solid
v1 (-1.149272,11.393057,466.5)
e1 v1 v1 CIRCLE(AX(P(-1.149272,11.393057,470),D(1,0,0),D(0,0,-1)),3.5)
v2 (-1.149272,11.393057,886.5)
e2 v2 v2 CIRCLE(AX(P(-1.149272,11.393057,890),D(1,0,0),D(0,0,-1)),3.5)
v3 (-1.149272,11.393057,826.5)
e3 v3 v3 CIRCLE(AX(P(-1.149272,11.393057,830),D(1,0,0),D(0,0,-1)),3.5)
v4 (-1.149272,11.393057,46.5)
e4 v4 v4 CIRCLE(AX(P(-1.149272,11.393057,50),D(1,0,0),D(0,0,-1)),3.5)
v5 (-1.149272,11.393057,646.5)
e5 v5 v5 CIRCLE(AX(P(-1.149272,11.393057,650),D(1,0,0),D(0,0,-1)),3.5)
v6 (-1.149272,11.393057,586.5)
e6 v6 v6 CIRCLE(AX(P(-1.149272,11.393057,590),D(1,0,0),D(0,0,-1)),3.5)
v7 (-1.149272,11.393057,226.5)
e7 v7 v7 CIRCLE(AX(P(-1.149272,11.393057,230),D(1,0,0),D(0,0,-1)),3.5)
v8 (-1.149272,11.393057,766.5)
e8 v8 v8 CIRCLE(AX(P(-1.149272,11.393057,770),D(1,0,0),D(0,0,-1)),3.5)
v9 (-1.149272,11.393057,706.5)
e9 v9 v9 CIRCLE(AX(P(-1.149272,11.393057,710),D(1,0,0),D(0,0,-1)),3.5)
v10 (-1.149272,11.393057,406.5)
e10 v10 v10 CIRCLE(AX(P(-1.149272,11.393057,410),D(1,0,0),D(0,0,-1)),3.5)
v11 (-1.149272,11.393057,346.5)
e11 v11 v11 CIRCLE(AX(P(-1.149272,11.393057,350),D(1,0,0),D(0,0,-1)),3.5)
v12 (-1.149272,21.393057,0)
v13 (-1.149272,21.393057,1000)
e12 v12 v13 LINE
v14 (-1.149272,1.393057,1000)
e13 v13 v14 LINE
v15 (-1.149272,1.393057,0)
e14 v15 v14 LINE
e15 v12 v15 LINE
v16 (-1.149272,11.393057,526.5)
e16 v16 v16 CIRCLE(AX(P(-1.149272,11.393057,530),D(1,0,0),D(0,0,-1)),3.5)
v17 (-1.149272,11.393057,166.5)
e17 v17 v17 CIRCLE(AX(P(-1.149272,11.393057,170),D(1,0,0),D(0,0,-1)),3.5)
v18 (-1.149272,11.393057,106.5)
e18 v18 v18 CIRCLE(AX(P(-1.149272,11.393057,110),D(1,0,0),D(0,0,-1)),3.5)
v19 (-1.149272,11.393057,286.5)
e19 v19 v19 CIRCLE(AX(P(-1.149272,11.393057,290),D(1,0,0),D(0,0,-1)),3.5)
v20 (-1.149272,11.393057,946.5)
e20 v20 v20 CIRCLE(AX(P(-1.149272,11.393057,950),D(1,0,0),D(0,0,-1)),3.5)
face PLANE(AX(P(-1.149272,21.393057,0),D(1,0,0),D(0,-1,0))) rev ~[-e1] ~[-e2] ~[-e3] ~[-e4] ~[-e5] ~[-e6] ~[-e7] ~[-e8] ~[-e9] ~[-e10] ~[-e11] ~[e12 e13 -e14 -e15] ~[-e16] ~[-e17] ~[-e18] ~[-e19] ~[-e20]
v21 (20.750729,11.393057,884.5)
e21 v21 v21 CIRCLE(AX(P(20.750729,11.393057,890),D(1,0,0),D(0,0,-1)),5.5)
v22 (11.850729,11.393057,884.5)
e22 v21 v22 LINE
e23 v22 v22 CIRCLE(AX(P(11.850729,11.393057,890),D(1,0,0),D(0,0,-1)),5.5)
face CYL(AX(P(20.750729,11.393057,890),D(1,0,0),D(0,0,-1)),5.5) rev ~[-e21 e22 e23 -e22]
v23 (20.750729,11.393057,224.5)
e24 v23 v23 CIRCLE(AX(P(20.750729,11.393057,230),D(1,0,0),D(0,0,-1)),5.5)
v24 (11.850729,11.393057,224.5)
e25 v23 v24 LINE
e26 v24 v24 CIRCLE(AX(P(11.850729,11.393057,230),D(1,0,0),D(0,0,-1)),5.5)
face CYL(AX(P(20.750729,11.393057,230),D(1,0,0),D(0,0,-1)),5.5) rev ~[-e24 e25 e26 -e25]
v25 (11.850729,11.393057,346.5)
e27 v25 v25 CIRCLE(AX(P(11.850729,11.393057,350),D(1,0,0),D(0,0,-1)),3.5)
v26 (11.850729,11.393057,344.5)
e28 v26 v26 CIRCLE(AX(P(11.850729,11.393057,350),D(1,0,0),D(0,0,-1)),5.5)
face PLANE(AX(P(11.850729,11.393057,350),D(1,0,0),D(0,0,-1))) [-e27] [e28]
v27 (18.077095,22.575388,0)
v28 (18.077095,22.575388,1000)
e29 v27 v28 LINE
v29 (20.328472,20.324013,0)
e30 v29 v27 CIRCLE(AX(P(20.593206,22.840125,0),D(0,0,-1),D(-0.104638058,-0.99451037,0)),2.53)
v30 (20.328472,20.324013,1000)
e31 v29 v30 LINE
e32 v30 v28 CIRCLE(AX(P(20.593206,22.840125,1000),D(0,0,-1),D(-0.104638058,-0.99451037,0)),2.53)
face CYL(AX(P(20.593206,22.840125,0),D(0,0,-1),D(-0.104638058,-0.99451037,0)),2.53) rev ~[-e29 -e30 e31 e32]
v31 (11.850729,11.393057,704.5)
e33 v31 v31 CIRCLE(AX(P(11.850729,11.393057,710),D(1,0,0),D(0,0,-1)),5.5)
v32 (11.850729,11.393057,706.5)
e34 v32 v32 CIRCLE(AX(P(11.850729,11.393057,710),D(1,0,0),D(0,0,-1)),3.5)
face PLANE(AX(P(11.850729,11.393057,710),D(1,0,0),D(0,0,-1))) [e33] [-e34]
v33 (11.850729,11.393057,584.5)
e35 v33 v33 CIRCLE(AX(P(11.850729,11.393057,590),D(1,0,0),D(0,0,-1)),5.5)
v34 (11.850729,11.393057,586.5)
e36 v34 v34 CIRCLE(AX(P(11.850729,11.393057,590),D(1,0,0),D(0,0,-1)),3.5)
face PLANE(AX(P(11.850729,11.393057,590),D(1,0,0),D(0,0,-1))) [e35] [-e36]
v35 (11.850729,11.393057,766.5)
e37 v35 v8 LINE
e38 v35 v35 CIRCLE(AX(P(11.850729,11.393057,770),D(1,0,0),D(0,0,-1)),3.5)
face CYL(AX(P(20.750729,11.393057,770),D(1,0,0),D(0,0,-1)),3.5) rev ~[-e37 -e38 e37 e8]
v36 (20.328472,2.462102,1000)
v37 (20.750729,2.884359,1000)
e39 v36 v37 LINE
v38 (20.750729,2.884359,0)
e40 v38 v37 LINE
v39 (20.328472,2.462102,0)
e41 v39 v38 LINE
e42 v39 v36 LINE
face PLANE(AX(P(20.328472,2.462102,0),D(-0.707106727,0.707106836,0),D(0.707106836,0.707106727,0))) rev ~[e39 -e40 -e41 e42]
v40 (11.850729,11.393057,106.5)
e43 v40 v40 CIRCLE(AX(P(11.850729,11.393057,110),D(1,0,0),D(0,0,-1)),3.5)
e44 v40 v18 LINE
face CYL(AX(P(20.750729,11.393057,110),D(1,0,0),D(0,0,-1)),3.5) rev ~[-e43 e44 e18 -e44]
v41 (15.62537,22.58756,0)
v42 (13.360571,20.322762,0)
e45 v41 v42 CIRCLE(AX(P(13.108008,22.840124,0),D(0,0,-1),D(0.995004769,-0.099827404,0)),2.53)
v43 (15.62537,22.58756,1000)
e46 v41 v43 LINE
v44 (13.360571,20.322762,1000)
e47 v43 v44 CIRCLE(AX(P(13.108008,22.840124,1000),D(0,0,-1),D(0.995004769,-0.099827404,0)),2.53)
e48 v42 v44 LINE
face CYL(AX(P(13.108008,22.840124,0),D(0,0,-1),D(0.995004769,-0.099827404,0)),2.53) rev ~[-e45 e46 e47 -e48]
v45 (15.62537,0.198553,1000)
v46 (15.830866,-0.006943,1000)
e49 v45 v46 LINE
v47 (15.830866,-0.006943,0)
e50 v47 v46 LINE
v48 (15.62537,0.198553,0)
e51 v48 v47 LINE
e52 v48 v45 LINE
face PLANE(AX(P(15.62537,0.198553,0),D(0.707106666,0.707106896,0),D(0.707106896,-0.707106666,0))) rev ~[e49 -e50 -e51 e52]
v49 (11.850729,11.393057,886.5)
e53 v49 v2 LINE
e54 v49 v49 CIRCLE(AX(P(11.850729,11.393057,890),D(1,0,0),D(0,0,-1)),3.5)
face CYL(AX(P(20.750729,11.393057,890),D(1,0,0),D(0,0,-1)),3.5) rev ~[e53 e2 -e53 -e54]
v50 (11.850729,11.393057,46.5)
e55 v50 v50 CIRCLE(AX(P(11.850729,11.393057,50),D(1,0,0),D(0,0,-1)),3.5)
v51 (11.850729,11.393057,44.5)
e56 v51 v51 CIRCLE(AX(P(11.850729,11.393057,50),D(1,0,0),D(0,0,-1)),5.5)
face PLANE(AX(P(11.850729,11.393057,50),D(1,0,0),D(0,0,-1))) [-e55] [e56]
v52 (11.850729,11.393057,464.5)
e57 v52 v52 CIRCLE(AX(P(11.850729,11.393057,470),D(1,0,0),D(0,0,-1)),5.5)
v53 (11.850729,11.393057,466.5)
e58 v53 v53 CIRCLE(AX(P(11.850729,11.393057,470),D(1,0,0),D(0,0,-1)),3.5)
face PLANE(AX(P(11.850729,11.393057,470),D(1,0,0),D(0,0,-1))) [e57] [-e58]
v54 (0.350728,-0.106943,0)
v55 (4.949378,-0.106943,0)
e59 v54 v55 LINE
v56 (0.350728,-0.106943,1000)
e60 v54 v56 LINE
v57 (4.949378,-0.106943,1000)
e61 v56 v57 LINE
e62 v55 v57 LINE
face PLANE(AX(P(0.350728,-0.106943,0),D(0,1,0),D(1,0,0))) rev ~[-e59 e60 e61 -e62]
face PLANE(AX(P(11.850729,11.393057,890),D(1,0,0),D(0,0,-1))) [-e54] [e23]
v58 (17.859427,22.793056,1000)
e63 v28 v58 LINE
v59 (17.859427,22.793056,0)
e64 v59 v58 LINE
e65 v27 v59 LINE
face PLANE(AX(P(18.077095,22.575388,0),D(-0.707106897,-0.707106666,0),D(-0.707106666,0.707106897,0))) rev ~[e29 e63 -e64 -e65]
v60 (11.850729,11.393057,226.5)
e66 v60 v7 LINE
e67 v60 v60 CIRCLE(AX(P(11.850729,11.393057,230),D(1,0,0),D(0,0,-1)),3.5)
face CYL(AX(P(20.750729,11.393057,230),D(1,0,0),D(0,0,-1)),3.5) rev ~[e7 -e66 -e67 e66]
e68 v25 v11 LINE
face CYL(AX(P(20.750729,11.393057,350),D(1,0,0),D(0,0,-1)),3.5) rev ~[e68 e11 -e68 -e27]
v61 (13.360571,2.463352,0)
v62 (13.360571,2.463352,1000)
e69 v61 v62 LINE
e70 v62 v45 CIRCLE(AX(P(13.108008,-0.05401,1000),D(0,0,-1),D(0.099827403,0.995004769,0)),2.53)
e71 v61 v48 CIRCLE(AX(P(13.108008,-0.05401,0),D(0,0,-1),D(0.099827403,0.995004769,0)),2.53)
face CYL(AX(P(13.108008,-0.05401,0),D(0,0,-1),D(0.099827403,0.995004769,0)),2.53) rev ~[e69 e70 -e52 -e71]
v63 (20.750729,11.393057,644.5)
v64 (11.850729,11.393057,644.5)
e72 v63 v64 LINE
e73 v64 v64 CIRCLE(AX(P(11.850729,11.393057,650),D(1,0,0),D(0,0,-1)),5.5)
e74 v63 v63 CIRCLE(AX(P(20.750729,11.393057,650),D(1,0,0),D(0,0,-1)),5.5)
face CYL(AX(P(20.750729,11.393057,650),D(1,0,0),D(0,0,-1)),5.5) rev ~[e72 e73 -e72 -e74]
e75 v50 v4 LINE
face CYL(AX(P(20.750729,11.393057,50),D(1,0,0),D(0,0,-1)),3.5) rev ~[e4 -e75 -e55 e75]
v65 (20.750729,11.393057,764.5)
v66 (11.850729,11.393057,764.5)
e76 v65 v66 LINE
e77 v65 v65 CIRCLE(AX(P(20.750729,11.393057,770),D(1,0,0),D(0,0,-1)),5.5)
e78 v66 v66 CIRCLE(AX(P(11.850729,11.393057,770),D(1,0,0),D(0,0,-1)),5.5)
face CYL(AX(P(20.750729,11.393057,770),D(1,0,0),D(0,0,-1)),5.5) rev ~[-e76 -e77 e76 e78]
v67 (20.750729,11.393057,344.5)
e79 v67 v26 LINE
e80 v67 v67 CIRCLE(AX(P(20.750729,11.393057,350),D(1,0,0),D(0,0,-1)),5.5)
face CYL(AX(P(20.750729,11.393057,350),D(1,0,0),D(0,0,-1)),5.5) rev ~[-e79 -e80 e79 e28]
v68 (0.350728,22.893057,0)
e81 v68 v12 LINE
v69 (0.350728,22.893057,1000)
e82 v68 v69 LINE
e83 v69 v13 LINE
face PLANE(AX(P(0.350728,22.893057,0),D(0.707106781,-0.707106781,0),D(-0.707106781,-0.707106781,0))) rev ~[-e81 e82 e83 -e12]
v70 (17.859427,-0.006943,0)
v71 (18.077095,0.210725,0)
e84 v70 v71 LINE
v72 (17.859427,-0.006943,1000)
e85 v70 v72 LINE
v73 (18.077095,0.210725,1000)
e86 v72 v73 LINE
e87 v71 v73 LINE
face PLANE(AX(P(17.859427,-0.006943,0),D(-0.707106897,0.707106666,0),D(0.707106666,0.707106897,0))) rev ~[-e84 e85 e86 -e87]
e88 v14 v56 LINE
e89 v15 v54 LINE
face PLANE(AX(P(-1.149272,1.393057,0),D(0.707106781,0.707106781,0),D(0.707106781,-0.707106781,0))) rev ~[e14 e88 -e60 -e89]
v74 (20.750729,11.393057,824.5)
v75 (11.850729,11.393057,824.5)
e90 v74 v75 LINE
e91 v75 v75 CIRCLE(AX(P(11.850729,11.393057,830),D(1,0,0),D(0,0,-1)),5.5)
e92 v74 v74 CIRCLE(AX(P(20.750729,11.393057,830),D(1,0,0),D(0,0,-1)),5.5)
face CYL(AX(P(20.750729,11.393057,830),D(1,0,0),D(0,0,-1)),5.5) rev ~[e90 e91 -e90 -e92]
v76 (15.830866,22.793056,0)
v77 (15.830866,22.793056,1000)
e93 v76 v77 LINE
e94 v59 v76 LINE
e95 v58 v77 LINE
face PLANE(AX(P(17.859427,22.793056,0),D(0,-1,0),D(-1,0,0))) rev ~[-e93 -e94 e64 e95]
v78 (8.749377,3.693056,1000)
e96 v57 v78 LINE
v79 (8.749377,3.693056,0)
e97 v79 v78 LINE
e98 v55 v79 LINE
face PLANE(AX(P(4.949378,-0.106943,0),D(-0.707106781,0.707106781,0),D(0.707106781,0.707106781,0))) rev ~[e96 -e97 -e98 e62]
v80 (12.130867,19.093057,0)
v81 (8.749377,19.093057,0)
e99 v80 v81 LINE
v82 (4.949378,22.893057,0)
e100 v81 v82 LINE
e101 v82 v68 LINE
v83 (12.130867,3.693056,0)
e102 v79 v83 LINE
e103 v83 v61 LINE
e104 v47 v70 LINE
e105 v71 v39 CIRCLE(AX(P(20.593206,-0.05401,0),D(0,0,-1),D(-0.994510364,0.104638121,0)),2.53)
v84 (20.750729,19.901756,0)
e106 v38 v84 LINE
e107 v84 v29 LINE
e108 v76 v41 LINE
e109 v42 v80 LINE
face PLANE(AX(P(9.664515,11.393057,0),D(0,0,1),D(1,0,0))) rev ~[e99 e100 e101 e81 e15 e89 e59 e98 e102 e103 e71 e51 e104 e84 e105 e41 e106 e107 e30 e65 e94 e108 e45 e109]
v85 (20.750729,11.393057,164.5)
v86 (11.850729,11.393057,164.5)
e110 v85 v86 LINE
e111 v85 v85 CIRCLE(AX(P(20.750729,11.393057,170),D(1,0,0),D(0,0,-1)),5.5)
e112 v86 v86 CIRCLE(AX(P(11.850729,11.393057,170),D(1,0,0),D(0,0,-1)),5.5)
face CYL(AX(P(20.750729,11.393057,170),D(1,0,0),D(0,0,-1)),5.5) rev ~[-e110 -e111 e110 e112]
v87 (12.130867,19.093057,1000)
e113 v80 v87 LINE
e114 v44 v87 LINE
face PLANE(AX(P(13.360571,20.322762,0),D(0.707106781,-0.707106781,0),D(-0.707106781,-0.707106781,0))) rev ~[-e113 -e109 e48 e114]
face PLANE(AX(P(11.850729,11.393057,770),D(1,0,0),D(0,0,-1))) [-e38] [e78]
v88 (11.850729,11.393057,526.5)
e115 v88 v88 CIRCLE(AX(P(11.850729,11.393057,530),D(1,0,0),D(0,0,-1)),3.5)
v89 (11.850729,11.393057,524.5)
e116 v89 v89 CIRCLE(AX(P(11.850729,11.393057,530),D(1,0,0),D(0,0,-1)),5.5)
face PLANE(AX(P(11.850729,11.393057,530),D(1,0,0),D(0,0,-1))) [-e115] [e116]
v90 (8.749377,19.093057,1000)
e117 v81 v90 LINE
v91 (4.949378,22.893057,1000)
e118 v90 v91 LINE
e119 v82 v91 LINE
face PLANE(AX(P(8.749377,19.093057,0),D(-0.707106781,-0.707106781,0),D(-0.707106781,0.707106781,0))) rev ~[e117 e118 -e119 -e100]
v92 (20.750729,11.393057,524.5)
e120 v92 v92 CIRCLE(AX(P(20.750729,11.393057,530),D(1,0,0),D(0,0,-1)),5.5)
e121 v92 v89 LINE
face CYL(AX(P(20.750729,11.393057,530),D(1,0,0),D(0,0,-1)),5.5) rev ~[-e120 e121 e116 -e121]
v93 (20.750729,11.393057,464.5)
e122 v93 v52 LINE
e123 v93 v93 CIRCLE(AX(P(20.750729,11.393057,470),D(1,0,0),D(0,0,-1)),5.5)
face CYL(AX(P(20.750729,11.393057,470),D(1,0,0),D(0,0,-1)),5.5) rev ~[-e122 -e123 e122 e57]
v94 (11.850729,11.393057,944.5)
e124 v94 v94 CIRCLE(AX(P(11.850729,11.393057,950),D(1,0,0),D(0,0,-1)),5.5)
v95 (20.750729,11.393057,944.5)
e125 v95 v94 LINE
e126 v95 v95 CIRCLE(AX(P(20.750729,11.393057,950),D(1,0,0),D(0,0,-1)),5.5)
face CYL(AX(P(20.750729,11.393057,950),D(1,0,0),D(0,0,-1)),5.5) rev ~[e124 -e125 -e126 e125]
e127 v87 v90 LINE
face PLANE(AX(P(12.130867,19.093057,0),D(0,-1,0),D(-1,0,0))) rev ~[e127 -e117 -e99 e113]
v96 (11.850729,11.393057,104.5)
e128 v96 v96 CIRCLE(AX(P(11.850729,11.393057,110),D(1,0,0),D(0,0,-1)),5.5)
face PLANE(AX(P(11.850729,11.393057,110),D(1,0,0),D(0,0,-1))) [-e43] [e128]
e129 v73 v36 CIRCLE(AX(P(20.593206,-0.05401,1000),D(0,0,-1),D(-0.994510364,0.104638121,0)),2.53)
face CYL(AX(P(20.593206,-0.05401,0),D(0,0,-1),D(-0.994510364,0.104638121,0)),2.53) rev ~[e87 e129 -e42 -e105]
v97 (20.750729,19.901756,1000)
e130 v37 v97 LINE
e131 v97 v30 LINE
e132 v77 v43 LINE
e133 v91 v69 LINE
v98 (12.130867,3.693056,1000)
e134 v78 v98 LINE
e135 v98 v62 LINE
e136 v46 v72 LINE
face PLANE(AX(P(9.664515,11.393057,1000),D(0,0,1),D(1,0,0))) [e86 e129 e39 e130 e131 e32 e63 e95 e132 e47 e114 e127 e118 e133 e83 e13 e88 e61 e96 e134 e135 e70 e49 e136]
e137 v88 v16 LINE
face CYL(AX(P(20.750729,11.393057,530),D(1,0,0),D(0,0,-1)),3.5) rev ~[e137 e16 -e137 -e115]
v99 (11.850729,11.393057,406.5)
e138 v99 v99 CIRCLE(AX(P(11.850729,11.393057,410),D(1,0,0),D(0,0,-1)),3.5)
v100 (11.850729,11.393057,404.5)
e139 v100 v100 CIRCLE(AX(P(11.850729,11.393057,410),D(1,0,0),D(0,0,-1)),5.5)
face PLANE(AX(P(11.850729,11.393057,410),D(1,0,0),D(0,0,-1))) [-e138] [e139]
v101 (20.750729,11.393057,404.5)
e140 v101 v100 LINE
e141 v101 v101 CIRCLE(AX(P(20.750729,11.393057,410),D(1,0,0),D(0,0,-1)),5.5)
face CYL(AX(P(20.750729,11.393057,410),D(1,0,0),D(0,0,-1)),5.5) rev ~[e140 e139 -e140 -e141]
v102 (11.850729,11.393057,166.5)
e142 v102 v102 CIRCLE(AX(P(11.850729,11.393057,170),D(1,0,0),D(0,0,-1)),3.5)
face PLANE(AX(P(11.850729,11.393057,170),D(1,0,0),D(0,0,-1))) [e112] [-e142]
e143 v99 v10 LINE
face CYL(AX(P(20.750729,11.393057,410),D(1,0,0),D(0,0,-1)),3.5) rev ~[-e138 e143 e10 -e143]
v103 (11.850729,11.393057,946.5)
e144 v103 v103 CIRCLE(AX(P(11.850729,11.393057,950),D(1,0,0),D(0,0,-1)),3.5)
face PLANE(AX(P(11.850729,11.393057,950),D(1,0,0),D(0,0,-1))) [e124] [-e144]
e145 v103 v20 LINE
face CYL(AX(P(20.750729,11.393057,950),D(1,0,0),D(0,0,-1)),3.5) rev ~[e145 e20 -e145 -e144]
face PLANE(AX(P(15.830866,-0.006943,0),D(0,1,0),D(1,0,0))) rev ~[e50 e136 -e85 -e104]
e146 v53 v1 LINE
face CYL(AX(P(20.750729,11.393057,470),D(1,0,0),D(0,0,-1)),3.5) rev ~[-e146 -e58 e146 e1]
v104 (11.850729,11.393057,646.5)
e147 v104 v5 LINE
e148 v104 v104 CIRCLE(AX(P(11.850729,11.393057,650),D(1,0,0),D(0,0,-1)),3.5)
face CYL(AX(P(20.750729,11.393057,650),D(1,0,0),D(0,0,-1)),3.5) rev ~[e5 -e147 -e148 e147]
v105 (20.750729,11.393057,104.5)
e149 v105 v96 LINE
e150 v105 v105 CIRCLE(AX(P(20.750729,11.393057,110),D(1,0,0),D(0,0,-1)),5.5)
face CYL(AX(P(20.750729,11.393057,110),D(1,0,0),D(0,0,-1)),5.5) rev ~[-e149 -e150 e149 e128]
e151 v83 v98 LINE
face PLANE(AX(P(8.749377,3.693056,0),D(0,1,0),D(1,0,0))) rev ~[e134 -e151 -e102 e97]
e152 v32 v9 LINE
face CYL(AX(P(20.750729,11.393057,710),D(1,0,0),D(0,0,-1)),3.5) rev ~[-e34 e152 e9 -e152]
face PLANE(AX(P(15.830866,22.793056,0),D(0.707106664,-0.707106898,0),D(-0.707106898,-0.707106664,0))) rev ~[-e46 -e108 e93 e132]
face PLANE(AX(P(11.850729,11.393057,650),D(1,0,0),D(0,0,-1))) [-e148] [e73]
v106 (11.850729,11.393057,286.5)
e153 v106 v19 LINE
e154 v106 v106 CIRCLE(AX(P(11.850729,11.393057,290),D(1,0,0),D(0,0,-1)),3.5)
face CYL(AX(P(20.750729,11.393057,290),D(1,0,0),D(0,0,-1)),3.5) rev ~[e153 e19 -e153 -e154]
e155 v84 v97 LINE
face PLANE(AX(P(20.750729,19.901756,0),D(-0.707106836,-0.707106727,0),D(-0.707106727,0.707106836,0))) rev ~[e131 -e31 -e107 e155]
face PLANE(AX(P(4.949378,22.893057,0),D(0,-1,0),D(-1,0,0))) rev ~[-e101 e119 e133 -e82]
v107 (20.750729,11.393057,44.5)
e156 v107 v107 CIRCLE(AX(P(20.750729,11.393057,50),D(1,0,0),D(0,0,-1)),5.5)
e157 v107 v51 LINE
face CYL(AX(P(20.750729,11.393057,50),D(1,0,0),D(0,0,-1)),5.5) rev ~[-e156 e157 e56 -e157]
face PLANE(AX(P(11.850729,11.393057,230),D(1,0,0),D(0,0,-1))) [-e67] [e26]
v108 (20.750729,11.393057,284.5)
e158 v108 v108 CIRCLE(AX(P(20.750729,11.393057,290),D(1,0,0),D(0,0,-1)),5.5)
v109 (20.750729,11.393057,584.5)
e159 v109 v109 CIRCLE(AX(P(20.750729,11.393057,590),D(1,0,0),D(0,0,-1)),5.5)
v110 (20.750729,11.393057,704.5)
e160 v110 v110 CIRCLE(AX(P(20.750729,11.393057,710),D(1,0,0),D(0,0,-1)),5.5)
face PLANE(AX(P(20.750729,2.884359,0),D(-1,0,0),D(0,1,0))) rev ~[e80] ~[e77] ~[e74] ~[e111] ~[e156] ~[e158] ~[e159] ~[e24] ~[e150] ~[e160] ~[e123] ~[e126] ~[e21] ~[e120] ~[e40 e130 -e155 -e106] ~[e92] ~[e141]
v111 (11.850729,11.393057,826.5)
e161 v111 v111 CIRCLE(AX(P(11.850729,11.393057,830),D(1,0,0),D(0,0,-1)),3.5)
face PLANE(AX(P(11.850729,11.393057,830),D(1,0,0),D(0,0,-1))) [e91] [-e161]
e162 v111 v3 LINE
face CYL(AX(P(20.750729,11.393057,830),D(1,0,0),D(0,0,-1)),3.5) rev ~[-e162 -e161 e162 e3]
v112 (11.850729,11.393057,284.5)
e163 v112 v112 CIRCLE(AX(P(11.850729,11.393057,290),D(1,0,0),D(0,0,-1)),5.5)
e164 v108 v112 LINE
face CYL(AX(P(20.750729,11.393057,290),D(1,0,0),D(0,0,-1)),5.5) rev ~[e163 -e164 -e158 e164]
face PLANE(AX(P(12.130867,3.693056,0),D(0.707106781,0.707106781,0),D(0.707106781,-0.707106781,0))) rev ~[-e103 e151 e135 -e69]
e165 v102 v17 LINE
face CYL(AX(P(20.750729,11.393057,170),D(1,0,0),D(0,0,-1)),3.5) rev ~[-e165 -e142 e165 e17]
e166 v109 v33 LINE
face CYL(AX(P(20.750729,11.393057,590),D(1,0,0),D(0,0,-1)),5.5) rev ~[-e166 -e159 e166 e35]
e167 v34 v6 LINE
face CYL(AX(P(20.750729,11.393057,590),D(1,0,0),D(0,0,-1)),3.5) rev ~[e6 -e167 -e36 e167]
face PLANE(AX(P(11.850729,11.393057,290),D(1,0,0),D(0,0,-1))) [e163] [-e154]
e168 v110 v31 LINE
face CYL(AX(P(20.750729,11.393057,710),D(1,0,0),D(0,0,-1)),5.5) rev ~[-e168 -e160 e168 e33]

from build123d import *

# Parameters (mm, degrees)
RESSALTO_EXTRUS_O1_DEPTH = 1000
ESBO_O4_R                = 3.5
CORTE_EXTRUS_O1_DEPTH    = 22.900000388
ESBO_O5_R                = 5.5
CORTE_EXTRUS_O2_DEPTH    = 8.9


with BuildPart() as part:
    # Esboço2 → Ressalto-extrusão1 (new body)
    with BuildSketch(Plane.XY):
        with BuildLine():
            Line((-1.14927176, 21.393056679), (-1.14927176, 1.393056679))
            Line((-1.14927176, 1.393056679), (0.35072824, -0.106943321))
            Line((0.35072824, -0.106943321), (4.94937774, -0.106943321))
            Line((4.94937774, -0.106943321), (8.749377483, 3.693056422))
            Line((8.749377483, 3.693056422), (12.130866629, 3.693056422))
            Line((12.130866629, 3.693056422), (13.36057142, 2.463351631))
            ThreePointArc((13.36057142, 2.463351631), (14.896988246, 1.734969723), (15.625370154, 0.198552898))
            Line((15.625370154, 0.198552898), (15.830866097, -0.006942978))
            Line((15.830866097, -0.006942978), (17.859427097, -0.006942978))
            Line((17.859427097, -0.006942978), (18.077094898, 0.210724894))
            ThreePointArc((18.077094898, 0.210724894), (18.804225931, 1.734970575), (20.328471586, 2.462101662))
            Line((20.328471586, 2.462101662), (20.750728628, 2.884358639))
            Line((20.750728628, 2.884358639), (20.750728628, 19.901756343))
            Line((20.750728628, 19.901756343), (20.328471651, 20.324013385))
            ThreePointArc((20.328471651, 20.324013385), (18.804226447, 21.0511438), (18.077094898, 22.575388463))
            Line((18.077094898, 22.575388463), (17.859427097, 22.793056335))
            Line((17.859427097, 22.793056335), (15.830866097, 22.793056335))
            Line((15.830866097, 22.793056335), (15.625370154, 22.58756046))
            ThreePointArc((15.625370154, 22.58756046), (14.896988246, 21.051143635), (13.36057142, 20.322761727))
            Line((13.36057142, 20.322761727), (12.130866629, 19.093056935))
            Line((12.130866629, 19.093056935), (8.749377483, 19.093056935))
            Line((8.749377483, 19.093056935), (4.94937774, 22.893056679))
            Line((4.94937774, 22.893056679), (0.35072824, 22.893056679))
            Line((0.35072824, 22.893056679), (-1.14927176, 21.393056679))
        make_face()
    extrude(amount=RESSALTO_EXTRUS_O1_DEPTH)

    # Esboço4 → Corte-extrusão1 (cut, through all)
    with BuildSketch(Plane(origin=(20.750728628, 0, 0), x_dir=(0, 0, -1), z_dir=(1, 0, 0))):
        with Locations((-50, 11.393057491)):
            Circle(ESBO_O4_R)
        with Locations((-110, 11.393057491)):
            Circle(ESBO_O4_R)
        with Locations((-170, 11.393057491)):
            Circle(ESBO_O4_R)
        with Locations((-230, 11.393057491)):
            Circle(ESBO_O4_R)
        with Locations((-290, 11.393057491)):
            Circle(ESBO_O4_R)
        with Locations((-350, 11.393057491)):
            Circle(ESBO_O4_R)
        with Locations((-410, 11.393057491)):
            Circle(ESBO_O4_R)
        with Locations((-470, 11.393057491)):
            Circle(ESBO_O4_R)
        with Locations((-530, 11.393057491)):
            Circle(ESBO_O4_R)
        with Locations((-590, 11.393057491)):
            Circle(ESBO_O4_R)
        with Locations((-650, 11.393057491)):
            Circle(ESBO_O4_R)
        with Locations((-710, 11.393057491)):
            Circle(ESBO_O4_R)
        with Locations((-770, 11.393057491)):
            Circle(ESBO_O4_R)
        with Locations((-830, 11.393057491)):
            Circle(ESBO_O4_R)
        with Locations((-890, 11.393057491)):
            Circle(ESBO_O4_R)
        with Locations((-950, 11.393057491)):
            Circle(ESBO_O4_R)
    extrude(amount=-CORTE_EXTRUS_O1_DEPTH, mode=Mode.SUBTRACT)

    # Esboço5 → Corte-extrusão2 (cut)
    with BuildSketch(Plane(origin=(20.750728628, 0, 0), x_dir=(0, 0, -1), z_dir=(1, 0, 0))):
        with Locations((-50, 11.393057491)):
            Circle(ESBO_O5_R)
        with Locations((-110, 11.393057491)):
            Circle(ESBO_O5_R)
        with Locations((-170, 11.393057491)):
            Circle(ESBO_O5_R)
        with Locations((-230, 11.393057491)):
            Circle(ESBO_O5_R)
        with Locations((-290, 11.393057491)):
            Circle(ESBO_O5_R)
        with Locations((-350, 11.393057491)):
            Circle(ESBO_O5_R)
        with Locations((-410, 11.393057491)):
            Circle(ESBO_O5_R)
        with Locations((-470, 11.393057491)):
            Circle(ESBO_O5_R)
        with Locations((-530, 11.393057491)):
            Circle(ESBO_O5_R)
        with Locations((-590, 11.393057491)):
            Circle(ESBO_O5_R)
        with Locations((-650, 11.393057491)):
            Circle(ESBO_O5_R)
        with Locations((-710, 11.393057491)):
            Circle(ESBO_O5_R)
        with Locations((-770, 11.393057491)):
            Circle(ESBO_O5_R)
        with Locations((-830, 11.393057491)):
            Circle(ESBO_O5_R)
        with Locations((-890, 11.393057491)):
            Circle(ESBO_O5_R)
        with Locations((-950, 11.393057491)):
            Circle(ESBO_O5_R)
    extrude(amount=-CORTE_EXTRUS_O2_DEPTH, mode=Mode.SUBTRACT)


solid = part.part
